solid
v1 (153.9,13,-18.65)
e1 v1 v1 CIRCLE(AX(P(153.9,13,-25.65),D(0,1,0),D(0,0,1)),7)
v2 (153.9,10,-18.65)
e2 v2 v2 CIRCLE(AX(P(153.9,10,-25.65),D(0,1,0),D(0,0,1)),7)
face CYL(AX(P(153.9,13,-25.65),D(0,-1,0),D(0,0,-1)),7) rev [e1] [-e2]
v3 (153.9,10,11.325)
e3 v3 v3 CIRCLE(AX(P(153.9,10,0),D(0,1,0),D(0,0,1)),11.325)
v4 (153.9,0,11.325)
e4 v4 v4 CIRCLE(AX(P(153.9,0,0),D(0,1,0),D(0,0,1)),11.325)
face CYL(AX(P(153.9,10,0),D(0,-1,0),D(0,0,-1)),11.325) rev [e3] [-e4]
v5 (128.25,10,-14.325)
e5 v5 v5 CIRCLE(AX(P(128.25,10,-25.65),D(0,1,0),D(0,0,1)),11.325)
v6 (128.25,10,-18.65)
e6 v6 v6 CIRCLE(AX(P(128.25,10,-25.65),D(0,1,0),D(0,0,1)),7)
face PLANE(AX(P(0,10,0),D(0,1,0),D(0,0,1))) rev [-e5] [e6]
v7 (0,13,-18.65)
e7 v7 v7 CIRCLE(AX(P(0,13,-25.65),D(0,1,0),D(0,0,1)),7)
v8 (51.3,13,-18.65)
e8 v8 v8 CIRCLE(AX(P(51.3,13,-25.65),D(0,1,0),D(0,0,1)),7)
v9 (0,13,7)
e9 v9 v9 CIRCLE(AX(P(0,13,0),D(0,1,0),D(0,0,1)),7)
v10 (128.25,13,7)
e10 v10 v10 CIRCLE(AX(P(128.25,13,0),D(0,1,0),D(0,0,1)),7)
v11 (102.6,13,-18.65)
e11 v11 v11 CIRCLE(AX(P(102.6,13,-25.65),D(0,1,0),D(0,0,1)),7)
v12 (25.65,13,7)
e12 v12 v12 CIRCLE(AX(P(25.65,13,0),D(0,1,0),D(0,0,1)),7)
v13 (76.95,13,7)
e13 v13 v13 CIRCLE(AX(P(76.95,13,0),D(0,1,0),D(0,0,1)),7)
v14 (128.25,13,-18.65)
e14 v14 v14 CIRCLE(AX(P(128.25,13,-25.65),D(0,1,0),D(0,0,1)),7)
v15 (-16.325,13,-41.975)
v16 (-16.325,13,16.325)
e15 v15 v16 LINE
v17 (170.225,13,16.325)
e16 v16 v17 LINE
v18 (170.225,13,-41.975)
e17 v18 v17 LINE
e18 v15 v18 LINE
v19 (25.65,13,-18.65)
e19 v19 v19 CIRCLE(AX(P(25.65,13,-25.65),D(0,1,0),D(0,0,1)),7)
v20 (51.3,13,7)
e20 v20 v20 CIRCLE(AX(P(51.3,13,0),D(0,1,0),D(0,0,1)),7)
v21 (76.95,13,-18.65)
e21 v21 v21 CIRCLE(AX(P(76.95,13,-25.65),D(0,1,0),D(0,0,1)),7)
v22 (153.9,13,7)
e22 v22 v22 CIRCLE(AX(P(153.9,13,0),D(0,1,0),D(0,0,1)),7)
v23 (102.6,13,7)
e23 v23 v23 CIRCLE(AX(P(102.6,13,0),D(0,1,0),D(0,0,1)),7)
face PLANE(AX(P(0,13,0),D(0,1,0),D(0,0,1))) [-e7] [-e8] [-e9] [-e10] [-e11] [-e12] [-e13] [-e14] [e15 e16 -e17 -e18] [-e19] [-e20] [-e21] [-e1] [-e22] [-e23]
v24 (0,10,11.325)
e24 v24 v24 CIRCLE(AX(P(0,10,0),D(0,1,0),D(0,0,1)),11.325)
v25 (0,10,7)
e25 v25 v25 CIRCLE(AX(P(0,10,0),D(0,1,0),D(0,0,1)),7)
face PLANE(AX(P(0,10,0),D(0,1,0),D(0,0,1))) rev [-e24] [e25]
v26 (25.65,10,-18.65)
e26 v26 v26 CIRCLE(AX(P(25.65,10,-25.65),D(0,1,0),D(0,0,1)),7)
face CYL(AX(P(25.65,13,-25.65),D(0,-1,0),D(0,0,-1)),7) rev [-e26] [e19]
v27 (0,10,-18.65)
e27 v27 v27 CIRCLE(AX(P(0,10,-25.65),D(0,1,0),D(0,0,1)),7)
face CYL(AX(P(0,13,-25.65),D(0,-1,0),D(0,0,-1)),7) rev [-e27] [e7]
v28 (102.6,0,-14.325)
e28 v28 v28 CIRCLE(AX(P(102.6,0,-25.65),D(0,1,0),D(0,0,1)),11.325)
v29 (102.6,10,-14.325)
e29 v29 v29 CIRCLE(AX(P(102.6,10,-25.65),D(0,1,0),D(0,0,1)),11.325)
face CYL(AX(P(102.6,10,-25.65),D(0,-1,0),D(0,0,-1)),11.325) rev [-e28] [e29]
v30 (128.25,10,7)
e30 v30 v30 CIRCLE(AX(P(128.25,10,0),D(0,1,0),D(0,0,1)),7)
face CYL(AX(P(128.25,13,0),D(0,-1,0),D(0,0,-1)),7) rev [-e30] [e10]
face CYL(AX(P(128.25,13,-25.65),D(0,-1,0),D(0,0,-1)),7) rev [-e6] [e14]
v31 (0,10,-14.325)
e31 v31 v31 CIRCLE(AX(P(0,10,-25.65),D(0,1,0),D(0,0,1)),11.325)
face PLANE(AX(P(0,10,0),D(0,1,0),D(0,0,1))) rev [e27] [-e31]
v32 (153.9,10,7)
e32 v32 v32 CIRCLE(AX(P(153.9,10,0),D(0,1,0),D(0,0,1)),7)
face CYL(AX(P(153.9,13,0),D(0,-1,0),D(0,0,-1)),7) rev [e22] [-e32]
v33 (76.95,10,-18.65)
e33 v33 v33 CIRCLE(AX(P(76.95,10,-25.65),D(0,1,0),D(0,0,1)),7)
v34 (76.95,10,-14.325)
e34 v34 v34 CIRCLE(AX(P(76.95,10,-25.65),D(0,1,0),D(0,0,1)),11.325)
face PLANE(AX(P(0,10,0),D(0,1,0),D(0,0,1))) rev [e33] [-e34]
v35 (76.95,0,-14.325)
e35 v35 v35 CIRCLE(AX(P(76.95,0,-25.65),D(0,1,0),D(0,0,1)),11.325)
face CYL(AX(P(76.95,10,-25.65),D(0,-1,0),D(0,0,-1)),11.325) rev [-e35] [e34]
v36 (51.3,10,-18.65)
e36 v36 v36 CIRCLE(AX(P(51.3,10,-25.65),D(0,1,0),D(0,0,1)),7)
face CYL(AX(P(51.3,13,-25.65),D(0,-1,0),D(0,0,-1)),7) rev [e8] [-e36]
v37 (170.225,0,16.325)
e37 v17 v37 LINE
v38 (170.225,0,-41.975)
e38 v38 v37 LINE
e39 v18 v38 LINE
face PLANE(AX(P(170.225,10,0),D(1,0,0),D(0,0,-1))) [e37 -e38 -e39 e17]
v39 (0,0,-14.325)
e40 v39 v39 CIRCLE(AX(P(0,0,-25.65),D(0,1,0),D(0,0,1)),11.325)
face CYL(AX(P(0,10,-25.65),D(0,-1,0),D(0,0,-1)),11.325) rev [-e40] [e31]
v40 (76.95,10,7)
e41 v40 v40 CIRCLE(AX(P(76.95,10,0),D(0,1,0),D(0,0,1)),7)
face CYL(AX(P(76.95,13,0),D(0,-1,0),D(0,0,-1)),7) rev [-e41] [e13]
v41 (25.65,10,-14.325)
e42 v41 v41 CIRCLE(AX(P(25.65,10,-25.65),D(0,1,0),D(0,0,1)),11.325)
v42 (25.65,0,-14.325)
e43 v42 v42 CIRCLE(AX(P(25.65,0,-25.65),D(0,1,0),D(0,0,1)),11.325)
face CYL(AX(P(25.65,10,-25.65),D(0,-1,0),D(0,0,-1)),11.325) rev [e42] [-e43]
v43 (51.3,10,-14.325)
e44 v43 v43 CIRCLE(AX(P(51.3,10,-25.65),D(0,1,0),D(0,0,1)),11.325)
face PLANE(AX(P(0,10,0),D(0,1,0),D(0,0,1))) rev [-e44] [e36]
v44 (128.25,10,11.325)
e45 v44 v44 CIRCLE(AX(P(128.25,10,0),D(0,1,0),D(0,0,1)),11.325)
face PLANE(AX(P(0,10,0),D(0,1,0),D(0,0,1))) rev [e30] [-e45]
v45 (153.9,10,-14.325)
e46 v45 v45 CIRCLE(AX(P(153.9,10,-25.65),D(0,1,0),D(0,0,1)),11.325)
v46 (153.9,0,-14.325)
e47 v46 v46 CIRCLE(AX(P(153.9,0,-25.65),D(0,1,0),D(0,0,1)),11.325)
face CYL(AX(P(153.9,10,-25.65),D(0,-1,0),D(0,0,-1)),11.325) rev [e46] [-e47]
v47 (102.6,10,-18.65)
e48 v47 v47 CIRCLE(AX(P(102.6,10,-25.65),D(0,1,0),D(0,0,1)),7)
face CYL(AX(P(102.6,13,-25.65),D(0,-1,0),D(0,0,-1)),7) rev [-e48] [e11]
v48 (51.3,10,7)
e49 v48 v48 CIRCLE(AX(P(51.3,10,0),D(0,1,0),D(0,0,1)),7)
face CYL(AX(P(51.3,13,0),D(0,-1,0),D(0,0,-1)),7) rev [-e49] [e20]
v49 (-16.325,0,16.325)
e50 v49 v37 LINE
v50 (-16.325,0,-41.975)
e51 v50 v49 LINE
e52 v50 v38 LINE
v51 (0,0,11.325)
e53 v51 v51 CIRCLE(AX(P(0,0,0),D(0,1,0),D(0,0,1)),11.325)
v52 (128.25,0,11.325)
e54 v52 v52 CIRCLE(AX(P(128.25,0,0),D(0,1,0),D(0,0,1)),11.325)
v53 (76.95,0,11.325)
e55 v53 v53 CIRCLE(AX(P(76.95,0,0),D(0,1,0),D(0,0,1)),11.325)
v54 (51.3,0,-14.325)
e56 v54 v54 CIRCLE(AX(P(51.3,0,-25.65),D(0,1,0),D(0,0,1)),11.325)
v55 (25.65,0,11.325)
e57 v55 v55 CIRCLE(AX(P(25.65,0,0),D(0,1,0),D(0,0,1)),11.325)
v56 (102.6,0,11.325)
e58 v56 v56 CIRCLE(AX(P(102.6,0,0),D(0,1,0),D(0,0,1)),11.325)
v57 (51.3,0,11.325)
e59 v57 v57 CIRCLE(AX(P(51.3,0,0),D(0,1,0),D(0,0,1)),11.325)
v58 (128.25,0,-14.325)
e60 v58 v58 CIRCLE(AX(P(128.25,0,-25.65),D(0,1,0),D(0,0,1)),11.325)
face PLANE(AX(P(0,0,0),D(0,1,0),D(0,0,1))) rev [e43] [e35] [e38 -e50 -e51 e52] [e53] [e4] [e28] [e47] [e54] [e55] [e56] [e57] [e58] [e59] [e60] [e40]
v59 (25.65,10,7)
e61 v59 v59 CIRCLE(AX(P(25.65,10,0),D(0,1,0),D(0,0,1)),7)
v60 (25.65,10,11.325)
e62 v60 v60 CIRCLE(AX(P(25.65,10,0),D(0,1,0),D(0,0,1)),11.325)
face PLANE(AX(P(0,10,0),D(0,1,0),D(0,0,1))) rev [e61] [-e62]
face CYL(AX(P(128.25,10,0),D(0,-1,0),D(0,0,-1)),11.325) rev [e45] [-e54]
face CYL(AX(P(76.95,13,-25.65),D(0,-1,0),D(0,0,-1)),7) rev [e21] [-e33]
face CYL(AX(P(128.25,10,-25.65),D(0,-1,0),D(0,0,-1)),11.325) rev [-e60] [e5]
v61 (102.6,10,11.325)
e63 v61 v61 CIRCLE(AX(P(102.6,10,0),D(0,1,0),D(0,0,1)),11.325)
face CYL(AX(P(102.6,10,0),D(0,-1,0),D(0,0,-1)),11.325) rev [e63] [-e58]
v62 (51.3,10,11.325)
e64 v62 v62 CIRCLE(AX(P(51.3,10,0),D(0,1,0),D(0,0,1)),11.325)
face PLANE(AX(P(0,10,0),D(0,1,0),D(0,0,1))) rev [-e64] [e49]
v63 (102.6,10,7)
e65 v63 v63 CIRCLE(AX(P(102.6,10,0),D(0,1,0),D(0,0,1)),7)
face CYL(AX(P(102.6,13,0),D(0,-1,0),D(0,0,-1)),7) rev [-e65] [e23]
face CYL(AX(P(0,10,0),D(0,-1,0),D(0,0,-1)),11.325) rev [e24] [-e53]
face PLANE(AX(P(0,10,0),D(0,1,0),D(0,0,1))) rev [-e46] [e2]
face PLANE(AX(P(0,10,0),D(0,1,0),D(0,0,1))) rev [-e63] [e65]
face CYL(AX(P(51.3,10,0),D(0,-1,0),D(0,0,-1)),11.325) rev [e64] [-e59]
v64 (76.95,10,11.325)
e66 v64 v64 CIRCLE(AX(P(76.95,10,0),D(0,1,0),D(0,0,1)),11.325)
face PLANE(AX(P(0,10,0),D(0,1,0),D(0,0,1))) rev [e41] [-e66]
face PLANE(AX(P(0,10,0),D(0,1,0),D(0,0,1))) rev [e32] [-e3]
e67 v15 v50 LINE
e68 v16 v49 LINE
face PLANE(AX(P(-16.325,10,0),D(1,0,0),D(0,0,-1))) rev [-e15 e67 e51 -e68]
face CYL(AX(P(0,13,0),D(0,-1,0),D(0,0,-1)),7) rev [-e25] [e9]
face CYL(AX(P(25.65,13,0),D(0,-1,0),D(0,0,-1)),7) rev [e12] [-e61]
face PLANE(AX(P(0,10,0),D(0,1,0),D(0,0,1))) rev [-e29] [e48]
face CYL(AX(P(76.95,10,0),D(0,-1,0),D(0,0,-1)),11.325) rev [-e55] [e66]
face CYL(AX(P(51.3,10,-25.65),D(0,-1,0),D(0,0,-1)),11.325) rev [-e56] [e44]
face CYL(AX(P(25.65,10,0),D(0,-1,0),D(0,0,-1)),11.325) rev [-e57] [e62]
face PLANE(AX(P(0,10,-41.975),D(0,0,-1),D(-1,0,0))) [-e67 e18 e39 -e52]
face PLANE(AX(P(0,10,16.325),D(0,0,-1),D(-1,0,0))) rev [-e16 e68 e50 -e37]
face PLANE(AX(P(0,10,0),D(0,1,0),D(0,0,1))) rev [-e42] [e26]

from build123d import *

# Parameters (mm, degrees)
SKETCH3_W           = 186.55
SKETCH3_H           = 58.3
SKETCH3_R           = 11.325
BOSS_EXTRUDE1_DEPTH = 10
BOSS_EXTRUDE3_START = 10
SKETCH3_5_W         = 186.55
SKETCH3_5_H         = 58.3
SKETCH3_5_R         = 7
BOSS_EXTRUDE3_DEPTH = 3


with BuildPart() as part:
    # Sketch3 → Boss-Extrude1 (new body)
    with BuildSketch(Plane(origin=(0, 0, 0), x_dir=(1, 0, 0), z_dir=(0, 1, 0))):
        with Locations((76.95, 12.825)):
            Rectangle(SKETCH3_W, SKETCH3_H)
        Circle(SKETCH3_R, mode=Mode.SUBTRACT)
        with Locations((25.65, 0)):
            Circle(SKETCH3_R, mode=Mode.SUBTRACT)
        with Locations((51.3, 0)):
            Circle(SKETCH3_R, mode=Mode.SUBTRACT)
        with Locations((76.95, 0)):
            Circle(SKETCH3_R, mode=Mode.SUBTRACT)
        with Locations((102.6, 0)):
            Circle(SKETCH3_R, mode=Mode.SUBTRACT)
        with Locations((128.25, 0)):
            Circle(SKETCH3_R, mode=Mode.SUBTRACT)
        with Locations((153.9, 0)):
            Circle(SKETCH3_R, mode=Mode.SUBTRACT)
        with Locations((0, 25.65)):
            Circle(SKETCH3_R, mode=Mode.SUBTRACT)
        with Locations((25.65, 25.65)):
            Circle(SKETCH3_R, mode=Mode.SUBTRACT)
        with Locations((51.3, 25.65)):
            Circle(SKETCH3_R, mode=Mode.SUBTRACT)
        with Locations((76.95, 25.65)):
            Circle(SKETCH3_R, mode=Mode.SUBTRACT)
        with Locations((102.6, 25.65)):
            Circle(SKETCH3_R, mode=Mode.SUBTRACT)
        with Locations((128.25, 25.65)):
            Circle(SKETCH3_R, mode=Mode.SUBTRACT)
        with Locations((153.9, 25.65)):
            Circle(SKETCH3_R, mode=Mode.SUBTRACT)
    extrude(amount=BOSS_EXTRUDE1_DEPTH)

    # Sketch3<5> → Boss-Extrude3 (add)
    with BuildSketch(Plane(origin=(0, 0, 0), x_dir=(1, 0, 0), z_dir=(0, 1, 0)).offset(BOSS_EXTRUDE3_START)):
        with Locations((76.95, 12.825)):
            Rectangle(SKETCH3_5_W, SKETCH3_5_H)
        Circle(SKETCH3_5_R, mode=Mode.SUBTRACT)
        with Locations((25.65, 0)):
            Circle(SKETCH3_5_R, mode=Mode.SUBTRACT)
        with Locations((51.3, 0)):
            Circle(SKETCH3_5_R, mode=Mode.SUBTRACT)
        with Locations((76.95, 0)):
            Circle(SKETCH3_5_R, mode=Mode.SUBTRACT)
        with Locations((102.6, 0)):
            Circle(SKETCH3_5_R, mode=Mode.SUBTRACT)
        with Locations((128.25, 0)):
            Circle(SKETCH3_5_R, mode=Mode.SUBTRACT)
        with Locations((153.9, 0)):
            Circle(SKETCH3_5_R, mode=Mode.SUBTRACT)
        with Locations((0, 25.65)):
            Circle(SKETCH3_5_R, mode=Mode.SUBTRACT)
        with Locations((25.65, 25.65)):
            Circle(SKETCH3_5_R, mode=Mode.SUBTRACT)
        with Locations((51.3, 25.65)):
            Circle(SKETCH3_5_R, mode=Mode.SUBTRACT)
        with Locations((76.95, 25.65)):
            Circle(SKETCH3_5_R, mode=Mode.SUBTRACT)
        with Locations((102.6, 25.65)):
            Circle(SKETCH3_5_R, mode=Mode.SUBTRACT)
        with Locations((128.25, 25.65)):
            Circle(SKETCH3_5_R, mode=Mode.SUBTRACT)
        with Locations((153.9, 25.65)):
            Circle(SKETCH3_5_R, mode=Mode.SUBTRACT)
    extrude(amount=BOSS_EXTRUDE3_DEPTH)


solid = part.part
